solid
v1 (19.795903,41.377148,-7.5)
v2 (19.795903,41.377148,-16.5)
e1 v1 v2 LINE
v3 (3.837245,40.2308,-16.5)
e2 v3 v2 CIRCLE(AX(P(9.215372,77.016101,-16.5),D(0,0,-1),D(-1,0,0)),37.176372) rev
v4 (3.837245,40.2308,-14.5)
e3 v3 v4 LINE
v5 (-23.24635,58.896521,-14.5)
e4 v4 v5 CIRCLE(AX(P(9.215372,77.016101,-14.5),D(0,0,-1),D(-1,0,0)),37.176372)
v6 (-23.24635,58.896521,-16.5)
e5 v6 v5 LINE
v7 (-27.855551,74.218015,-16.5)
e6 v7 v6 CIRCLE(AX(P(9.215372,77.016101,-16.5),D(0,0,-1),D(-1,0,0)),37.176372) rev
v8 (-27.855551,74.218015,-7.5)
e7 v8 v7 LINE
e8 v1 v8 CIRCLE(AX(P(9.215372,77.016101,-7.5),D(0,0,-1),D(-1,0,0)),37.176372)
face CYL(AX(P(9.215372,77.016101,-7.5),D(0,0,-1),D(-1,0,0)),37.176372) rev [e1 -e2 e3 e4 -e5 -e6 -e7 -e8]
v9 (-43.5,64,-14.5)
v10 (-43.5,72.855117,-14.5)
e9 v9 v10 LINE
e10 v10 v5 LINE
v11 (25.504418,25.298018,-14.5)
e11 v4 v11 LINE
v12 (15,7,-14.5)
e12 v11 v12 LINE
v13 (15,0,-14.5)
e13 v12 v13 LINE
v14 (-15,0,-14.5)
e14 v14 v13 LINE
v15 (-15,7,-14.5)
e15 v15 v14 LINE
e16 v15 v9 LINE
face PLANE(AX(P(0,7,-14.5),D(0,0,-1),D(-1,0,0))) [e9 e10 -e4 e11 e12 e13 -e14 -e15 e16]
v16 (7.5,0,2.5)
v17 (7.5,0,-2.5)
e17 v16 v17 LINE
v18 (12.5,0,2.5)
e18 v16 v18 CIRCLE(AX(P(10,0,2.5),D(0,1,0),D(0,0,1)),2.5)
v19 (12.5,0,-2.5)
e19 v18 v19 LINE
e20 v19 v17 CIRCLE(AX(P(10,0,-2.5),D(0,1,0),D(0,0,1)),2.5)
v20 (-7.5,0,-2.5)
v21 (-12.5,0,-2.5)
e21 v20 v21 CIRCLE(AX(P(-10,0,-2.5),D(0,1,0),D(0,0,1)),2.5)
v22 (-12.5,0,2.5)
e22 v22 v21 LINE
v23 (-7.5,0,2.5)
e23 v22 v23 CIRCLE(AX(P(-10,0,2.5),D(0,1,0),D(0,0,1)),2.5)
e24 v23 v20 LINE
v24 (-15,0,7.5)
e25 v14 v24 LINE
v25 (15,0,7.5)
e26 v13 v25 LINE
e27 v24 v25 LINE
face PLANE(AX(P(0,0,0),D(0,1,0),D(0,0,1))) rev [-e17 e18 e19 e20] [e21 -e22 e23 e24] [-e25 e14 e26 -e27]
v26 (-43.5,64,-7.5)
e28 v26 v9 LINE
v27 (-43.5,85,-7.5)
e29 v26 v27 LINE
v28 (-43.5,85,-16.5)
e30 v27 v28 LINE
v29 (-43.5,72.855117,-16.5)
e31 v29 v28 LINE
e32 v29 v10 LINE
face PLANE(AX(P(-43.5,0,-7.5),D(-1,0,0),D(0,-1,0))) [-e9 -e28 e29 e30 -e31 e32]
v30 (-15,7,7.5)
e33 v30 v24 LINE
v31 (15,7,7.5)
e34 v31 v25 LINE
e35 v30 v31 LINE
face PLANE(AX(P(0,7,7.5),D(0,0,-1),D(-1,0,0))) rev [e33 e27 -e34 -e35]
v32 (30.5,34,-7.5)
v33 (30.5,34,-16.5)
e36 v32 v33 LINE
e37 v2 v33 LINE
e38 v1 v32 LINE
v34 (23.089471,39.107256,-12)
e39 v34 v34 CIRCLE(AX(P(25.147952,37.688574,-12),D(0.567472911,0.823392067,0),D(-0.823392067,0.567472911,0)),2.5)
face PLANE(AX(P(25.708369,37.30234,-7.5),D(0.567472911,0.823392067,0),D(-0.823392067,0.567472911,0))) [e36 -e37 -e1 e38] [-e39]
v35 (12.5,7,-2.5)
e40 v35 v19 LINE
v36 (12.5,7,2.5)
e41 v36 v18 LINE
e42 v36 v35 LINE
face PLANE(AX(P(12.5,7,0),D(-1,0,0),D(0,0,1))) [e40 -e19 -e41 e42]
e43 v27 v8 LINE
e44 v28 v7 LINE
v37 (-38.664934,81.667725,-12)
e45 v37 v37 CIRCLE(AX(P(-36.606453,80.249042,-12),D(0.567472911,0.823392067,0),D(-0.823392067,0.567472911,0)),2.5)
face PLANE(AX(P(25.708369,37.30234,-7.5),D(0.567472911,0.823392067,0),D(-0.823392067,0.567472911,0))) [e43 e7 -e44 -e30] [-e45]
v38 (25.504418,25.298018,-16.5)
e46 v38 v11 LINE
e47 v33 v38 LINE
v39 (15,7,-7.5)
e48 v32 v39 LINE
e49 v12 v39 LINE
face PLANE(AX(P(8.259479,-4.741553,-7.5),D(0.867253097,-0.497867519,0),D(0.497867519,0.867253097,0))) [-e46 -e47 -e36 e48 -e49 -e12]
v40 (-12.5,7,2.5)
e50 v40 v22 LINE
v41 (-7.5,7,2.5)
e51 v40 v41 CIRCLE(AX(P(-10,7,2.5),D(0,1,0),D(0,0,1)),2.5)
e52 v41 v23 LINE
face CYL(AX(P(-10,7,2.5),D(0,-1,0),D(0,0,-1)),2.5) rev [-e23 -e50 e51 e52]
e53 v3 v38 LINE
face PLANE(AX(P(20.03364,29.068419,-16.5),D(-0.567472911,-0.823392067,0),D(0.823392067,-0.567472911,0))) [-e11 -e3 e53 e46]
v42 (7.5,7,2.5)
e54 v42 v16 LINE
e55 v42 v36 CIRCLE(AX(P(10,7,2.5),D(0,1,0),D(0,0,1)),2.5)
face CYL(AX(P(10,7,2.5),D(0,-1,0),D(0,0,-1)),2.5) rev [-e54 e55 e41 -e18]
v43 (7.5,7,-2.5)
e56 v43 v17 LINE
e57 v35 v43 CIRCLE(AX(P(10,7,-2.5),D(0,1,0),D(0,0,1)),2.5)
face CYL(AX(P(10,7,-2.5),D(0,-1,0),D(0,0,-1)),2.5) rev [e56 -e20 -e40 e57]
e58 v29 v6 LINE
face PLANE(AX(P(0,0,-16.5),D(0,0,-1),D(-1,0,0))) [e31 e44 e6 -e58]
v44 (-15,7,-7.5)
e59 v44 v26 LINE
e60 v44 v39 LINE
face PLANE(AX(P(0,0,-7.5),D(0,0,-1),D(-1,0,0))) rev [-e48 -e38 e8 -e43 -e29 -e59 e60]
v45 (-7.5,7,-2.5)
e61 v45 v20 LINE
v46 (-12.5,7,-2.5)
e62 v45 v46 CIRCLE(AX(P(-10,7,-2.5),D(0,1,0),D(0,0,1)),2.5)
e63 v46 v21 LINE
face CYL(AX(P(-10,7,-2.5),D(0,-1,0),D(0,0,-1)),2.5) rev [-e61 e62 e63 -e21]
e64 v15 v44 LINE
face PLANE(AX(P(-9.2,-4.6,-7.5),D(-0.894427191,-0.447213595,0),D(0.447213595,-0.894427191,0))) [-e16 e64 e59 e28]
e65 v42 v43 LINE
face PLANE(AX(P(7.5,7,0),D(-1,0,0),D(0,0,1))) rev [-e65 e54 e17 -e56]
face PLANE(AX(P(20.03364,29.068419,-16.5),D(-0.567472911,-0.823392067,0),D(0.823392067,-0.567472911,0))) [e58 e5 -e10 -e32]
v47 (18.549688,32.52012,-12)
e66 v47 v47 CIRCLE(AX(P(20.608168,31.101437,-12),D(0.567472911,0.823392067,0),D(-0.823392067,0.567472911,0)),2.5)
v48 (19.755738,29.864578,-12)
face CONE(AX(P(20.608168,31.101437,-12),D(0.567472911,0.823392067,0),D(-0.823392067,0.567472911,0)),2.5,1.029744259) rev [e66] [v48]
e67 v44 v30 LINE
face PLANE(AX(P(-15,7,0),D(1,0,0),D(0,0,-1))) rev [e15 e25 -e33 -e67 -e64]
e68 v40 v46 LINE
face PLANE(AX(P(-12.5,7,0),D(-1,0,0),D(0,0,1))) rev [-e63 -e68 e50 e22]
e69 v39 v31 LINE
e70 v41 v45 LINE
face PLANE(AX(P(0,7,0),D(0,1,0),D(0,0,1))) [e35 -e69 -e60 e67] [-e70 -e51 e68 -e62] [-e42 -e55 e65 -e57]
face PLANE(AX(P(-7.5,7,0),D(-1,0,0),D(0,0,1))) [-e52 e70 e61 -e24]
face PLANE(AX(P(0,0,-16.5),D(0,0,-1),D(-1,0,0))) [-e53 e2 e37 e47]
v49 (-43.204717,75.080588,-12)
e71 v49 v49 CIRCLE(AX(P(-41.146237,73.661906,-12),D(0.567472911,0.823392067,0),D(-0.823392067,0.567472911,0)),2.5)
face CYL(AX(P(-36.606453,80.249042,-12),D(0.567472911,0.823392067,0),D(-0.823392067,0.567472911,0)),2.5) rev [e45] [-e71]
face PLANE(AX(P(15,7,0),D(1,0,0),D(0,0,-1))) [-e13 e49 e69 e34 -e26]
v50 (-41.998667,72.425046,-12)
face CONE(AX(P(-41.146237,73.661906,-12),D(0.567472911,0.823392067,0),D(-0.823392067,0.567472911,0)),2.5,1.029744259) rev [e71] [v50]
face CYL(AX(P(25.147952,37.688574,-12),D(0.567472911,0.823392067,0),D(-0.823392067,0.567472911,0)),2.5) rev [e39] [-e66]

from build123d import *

# Parameters (mm, degrees)
SKETCH1_W                       = 30
SKETCH1_H                       = 22
BOSS_EXTRUDE1_DEPTH             = 7
BOSS_EXTRUDE2_DEPTH             = 7
BOSS_EXTRUDE3_START             = 2
BOSS_EXTRUDE3_DEPTH             = 2
TAP_DRILL_FOR_M6X1_0_TAP2_D     = 5
TAP_DRILL_FOR_M6X1_0_TAP2_DEPTH = 8
TAP_DRILL_FOR_M6X1_0_TAP2_TIP   = 1.502151548


with BuildPart() as part:
    # Sketch1 → Boss-Extrude1 (new body)
    with BuildSketch(Plane(origin=(0, 0, 0), x_dir=(1, 0, 0), z_dir=(0, 1, 0))):
        with Locations((0, 3.5)):
            Rectangle(SKETCH1_W, SKETCH1_H)
        with BuildLine():
            ThreePointArc((-7.5, -2.5), (-10, -5), (-12.5, -2.5))
            Line((-12.5, -2.5), (-12.5, 2.5))
            ThreePointArc((-12.5, 2.5), (-10, 5), (-7.5, 2.5))
            Line((-7.5, 2.5), (-7.5, -2.5))
        make_face(mode=Mode.SUBTRACT)
        with BuildLine():
            ThreePointArc((12.5, -2.5), (10, -5), (7.5, -2.5))
            Line((7.5, -2.5), (7.5, 2.5))
            ThreePointArc((7.5, 2.5), (10, 5), (12.5, 2.5))
            Line((12.5, 2.5), (12.5, -2.5))
        make_face(mode=Mode.SUBTRACT)
    extrude(amount=BOSS_EXTRUDE1_DEPTH)

    # Sketch2 → Boss-Extrude2 (add)
    with BuildSketch(Plane(origin=(0, 0, -14.5), x_dir=(-1, 0, 0), z_dir=(0, 0, -1))):
        with BuildLine():
            Line((-15, 7), (15, 7))
            Line((15, 7), (43.5, 64))
            Line((43.5, 64), (43.5, 85))
            Line((43.5, 85), (27.855550733, 74.218014694))
            ThreePointArc((27.855550733, 74.218014694), (11.88121166, 46.405371431), (-19.795903133, 41.377147841))
            Line((-19.795903133, 41.377147841), (-30.5, 34))
            Line((-30.5, 34), (-15, 7))
        make_face()
    extrude(amount=-BOSS_EXTRUDE2_DEPTH)

    # Sketch3 → Boss-Extrude3 (add)
    with BuildSketch(Plane(origin=(0, 0, -14.5), x_dir=(-1, 0, 0), z_dir=(0, 0, -1)).offset(BOSS_EXTRUDE3_START)):
        with BuildLine():
            Line((-19.795903133, 41.377147841), (-30.5, 34))
            Line((-30.5, 34), (-25.504418015, 25.298018478))
            Line((-25.504418015, 25.298018478), (-3.837244639, 40.230800129))
            ThreePointArc((-3.837244639, 40.230800129), (-11.878974739, 39.935272554), (-19.795903133, 41.377147841))
        make_face()
        with BuildLine():
            Line((43.5, 85), (27.855550733, 74.218014694))
            ThreePointArc((27.855550733, 74.218014694), (26.38496828, 66.306368419), (23.246350456, 58.896521073))
            Line((23.246350456, 58.896521073), (43.5, 72.85511738))
            Line((43.5, 72.85511738), (43.5, 85))
        make_face()
    extrude(amount=-BOSS_EXTRUDE3_DEPTH)

    # Tap Drill for M6x1.0 Tap2
    with Locations(Plane(origin=(25.708369444, 37.302339978, 0), x_dir=(0.8233920666857286, -0.5674729108239484, 0), z_dir=(0.5674729108239484, 0.8233920666857286, 0))):
        with Locations((-75.680620934, 12), (-0.680620934, 12)):
            Hole(TAP_DRILL_FOR_M6X1_0_TAP2_D / 2, depth=TAP_DRILL_FOR_M6X1_0_TAP2_DEPTH)
            with Locations((0, 0, -(TAP_DRILL_FOR_M6X1_0_TAP2_DEPTH + TAP_DRILL_FOR_M6X1_0_TAP2_TIP / 2))):  # 118° drill point
                Cone(0, TAP_DRILL_FOR_M6X1_0_TAP2_D / 2, TAP_DRILL_FOR_M6X1_0_TAP2_TIP, mode=Mode.SUBTRACT)


solid = part.part
